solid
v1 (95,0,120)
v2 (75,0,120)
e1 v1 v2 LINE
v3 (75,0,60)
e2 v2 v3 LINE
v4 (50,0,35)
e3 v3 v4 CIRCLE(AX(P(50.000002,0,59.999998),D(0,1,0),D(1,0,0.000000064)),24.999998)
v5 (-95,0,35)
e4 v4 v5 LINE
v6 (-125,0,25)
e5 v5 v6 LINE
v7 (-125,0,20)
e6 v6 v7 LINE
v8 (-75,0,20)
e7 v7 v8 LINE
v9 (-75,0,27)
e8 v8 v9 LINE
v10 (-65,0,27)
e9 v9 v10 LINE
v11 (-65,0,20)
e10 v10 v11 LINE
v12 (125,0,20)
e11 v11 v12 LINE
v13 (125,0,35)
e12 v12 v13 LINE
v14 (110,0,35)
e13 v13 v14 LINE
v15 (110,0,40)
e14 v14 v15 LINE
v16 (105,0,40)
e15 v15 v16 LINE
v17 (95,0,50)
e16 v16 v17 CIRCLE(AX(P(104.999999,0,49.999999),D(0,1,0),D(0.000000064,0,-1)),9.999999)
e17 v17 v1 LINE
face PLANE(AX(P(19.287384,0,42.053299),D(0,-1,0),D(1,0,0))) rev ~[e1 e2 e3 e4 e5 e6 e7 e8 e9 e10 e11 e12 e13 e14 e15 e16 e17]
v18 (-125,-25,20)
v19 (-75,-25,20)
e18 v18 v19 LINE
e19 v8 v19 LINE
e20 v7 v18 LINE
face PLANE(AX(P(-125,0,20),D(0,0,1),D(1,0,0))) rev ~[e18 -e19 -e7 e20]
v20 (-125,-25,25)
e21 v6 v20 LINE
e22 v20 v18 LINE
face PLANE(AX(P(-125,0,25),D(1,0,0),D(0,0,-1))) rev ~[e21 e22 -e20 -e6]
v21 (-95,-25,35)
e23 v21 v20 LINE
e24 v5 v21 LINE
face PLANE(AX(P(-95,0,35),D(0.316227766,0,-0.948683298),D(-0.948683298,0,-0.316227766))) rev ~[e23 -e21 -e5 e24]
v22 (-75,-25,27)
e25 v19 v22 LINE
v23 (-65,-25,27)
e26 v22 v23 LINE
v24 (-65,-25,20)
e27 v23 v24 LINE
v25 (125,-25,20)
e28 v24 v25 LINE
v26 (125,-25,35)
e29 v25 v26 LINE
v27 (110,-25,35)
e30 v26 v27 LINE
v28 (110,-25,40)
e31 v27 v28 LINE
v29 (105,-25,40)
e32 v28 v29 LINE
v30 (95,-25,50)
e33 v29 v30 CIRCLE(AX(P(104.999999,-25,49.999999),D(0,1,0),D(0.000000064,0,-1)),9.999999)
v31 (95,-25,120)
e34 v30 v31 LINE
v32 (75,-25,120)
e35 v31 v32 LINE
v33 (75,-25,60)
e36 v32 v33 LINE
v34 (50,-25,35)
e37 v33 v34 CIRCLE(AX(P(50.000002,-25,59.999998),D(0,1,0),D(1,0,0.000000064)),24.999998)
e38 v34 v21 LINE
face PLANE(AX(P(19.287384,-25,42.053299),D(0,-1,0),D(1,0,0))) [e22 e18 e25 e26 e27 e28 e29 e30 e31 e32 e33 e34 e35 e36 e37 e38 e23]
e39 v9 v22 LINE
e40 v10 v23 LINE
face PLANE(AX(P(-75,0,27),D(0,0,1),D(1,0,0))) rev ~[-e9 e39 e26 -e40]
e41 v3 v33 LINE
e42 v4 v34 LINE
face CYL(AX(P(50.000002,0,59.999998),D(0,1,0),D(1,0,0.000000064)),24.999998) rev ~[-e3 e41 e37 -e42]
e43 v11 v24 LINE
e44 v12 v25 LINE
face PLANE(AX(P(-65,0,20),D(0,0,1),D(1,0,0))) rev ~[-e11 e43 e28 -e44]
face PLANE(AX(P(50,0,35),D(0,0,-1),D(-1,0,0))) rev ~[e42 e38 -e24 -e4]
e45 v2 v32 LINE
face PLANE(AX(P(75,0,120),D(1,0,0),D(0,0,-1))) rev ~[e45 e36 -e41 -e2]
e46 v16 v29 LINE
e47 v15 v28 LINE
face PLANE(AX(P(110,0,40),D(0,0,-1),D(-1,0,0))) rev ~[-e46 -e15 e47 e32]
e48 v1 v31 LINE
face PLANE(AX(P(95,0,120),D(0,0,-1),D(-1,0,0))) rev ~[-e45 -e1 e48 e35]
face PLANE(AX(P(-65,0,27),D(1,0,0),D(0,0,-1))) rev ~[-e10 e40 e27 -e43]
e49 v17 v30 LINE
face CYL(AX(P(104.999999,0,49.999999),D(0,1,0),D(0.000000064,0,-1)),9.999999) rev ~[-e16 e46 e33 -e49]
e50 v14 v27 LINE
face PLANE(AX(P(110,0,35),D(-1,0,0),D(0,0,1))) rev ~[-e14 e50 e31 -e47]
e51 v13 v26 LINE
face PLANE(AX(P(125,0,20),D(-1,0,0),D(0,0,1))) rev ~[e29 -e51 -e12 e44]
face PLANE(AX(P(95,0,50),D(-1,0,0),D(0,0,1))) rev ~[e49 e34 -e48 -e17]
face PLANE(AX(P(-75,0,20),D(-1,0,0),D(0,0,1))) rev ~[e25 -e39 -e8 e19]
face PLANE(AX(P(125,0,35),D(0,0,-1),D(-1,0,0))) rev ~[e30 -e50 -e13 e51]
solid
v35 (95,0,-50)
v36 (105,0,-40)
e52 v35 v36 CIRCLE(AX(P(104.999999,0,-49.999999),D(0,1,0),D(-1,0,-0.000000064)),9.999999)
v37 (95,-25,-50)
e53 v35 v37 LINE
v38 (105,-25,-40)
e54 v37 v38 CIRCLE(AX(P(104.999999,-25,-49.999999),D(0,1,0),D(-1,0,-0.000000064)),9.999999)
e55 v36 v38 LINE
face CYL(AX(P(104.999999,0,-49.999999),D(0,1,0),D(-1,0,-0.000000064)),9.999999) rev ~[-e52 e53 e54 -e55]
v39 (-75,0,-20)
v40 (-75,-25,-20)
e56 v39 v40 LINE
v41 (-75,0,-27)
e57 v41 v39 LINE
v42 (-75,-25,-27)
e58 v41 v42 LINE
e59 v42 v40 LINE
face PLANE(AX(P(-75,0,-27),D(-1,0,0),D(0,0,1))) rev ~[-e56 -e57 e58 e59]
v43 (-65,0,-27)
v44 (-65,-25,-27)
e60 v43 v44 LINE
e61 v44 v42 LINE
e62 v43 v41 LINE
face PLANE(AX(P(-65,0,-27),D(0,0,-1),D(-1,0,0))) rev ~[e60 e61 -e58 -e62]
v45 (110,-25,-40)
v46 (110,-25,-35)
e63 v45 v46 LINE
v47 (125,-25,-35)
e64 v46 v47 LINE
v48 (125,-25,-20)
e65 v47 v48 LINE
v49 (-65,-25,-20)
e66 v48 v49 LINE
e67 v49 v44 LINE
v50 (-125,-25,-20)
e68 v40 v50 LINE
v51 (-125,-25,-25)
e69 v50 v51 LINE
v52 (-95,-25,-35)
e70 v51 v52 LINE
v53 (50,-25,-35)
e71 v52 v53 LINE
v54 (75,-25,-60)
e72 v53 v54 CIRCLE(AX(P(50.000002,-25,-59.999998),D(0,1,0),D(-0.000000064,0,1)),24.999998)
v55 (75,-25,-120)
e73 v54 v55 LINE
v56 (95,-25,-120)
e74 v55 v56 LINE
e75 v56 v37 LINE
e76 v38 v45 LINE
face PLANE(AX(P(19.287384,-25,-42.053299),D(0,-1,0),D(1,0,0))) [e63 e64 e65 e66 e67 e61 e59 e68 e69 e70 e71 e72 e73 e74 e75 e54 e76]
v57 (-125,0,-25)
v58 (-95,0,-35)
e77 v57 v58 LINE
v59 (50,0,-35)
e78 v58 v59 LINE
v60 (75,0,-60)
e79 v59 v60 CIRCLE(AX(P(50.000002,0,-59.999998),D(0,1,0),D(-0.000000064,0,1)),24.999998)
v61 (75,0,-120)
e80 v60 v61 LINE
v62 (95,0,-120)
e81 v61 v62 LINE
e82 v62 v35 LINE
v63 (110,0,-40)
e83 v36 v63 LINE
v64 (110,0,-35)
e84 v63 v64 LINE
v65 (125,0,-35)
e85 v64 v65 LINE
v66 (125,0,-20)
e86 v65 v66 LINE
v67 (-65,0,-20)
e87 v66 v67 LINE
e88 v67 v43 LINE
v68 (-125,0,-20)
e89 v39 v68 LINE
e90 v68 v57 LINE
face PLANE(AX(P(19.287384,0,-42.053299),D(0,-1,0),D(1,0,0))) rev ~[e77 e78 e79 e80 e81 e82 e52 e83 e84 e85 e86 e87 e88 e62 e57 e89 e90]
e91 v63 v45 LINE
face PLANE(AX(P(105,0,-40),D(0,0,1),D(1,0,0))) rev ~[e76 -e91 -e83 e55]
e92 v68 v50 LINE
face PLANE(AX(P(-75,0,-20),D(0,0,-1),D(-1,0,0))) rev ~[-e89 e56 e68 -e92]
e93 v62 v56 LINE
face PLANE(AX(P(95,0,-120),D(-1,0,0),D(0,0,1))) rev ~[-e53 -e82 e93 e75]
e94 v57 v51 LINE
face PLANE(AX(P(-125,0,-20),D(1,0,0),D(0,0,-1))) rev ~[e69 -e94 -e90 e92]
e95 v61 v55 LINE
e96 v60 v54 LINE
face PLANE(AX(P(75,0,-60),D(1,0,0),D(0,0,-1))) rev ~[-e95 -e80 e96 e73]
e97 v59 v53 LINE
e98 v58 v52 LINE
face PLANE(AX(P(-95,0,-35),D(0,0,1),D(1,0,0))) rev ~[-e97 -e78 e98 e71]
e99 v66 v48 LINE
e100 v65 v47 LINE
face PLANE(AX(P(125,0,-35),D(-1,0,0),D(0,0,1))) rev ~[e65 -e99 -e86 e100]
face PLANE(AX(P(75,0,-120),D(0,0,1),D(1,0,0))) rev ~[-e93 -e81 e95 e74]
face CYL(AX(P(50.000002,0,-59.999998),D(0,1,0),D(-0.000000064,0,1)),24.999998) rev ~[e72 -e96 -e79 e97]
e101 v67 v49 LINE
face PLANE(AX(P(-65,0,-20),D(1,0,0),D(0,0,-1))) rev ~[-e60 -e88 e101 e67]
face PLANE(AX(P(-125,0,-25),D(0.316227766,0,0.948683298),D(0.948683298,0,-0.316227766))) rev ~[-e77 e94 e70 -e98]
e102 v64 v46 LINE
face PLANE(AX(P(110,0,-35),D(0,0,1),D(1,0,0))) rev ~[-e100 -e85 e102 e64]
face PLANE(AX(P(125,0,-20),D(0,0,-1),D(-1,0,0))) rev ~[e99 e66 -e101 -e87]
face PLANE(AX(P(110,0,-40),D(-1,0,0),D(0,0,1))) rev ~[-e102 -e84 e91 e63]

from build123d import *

# Parameters (mm, degrees)
F1_DEPTH = 25


with BuildPart() as f1:
    # F0 (on Front) → F1 (new body)
    with BuildSketch(Plane.XZ):
        with BuildLine():
            Line((-65, 20), (125, 20))
            Line((125, 20), (125, 35))
            Line((125, 35), (110, 35))
            Line((110, 35), (110, 40))
            Line((110, 40), (105, 40))
            ThreePointArc((105, 40), (97.928932, 42.928932), (95, 50))
            Line((95, 50), (95, 120))
            Line((95, 120), (75, 120))
            Line((75, 120), (75, 60))
            ThreePointArc((75, 60), (67.67767, 42.32233), (50, 35))
            Line((50, 35), (-95, 35))
            Line((-95, 35), (-125, 25))
            Line((-125, 25), (-125, 20))
            Line((-125, 20), (-75, 20))
            Line((-75, 20), (-75, 27))
            Line((-75, 27), (-65, 27))
            Line((-65, 27), (-65, 20))
        make_face()
        with BuildLine():
            ThreePointArc((95, -50), (97.928932, -42.928932), (105, -40))
            Line((105, -40), (110, -40))
            Line((110, -40), (110, -35))
            Line((110, -35), (125, -35))
            Line((125, -35), (125, -20))
            Line((125, -20), (-65, -20))
            Line((-65, -20), (-65, -27))
            Line((-65, -27), (-75, -27))
            Line((-75, -27), (-75, -20))
            Line((-75, -20), (-125, -20))
            Line((-125, -20), (-125, -25))
            Line((-125, -25), (-95, -35))
            Line((-95, -35), (50, -35))
            ThreePointArc((50, -35), (67.67767, -42.32233), (75, -60))
            Line((75, -60), (75, -120))
            Line((75, -120), (95, -120))
            Line((95, -120), (95, -50))
        make_face()
    extrude(amount=F1_DEPTH)


solid = f1.part
